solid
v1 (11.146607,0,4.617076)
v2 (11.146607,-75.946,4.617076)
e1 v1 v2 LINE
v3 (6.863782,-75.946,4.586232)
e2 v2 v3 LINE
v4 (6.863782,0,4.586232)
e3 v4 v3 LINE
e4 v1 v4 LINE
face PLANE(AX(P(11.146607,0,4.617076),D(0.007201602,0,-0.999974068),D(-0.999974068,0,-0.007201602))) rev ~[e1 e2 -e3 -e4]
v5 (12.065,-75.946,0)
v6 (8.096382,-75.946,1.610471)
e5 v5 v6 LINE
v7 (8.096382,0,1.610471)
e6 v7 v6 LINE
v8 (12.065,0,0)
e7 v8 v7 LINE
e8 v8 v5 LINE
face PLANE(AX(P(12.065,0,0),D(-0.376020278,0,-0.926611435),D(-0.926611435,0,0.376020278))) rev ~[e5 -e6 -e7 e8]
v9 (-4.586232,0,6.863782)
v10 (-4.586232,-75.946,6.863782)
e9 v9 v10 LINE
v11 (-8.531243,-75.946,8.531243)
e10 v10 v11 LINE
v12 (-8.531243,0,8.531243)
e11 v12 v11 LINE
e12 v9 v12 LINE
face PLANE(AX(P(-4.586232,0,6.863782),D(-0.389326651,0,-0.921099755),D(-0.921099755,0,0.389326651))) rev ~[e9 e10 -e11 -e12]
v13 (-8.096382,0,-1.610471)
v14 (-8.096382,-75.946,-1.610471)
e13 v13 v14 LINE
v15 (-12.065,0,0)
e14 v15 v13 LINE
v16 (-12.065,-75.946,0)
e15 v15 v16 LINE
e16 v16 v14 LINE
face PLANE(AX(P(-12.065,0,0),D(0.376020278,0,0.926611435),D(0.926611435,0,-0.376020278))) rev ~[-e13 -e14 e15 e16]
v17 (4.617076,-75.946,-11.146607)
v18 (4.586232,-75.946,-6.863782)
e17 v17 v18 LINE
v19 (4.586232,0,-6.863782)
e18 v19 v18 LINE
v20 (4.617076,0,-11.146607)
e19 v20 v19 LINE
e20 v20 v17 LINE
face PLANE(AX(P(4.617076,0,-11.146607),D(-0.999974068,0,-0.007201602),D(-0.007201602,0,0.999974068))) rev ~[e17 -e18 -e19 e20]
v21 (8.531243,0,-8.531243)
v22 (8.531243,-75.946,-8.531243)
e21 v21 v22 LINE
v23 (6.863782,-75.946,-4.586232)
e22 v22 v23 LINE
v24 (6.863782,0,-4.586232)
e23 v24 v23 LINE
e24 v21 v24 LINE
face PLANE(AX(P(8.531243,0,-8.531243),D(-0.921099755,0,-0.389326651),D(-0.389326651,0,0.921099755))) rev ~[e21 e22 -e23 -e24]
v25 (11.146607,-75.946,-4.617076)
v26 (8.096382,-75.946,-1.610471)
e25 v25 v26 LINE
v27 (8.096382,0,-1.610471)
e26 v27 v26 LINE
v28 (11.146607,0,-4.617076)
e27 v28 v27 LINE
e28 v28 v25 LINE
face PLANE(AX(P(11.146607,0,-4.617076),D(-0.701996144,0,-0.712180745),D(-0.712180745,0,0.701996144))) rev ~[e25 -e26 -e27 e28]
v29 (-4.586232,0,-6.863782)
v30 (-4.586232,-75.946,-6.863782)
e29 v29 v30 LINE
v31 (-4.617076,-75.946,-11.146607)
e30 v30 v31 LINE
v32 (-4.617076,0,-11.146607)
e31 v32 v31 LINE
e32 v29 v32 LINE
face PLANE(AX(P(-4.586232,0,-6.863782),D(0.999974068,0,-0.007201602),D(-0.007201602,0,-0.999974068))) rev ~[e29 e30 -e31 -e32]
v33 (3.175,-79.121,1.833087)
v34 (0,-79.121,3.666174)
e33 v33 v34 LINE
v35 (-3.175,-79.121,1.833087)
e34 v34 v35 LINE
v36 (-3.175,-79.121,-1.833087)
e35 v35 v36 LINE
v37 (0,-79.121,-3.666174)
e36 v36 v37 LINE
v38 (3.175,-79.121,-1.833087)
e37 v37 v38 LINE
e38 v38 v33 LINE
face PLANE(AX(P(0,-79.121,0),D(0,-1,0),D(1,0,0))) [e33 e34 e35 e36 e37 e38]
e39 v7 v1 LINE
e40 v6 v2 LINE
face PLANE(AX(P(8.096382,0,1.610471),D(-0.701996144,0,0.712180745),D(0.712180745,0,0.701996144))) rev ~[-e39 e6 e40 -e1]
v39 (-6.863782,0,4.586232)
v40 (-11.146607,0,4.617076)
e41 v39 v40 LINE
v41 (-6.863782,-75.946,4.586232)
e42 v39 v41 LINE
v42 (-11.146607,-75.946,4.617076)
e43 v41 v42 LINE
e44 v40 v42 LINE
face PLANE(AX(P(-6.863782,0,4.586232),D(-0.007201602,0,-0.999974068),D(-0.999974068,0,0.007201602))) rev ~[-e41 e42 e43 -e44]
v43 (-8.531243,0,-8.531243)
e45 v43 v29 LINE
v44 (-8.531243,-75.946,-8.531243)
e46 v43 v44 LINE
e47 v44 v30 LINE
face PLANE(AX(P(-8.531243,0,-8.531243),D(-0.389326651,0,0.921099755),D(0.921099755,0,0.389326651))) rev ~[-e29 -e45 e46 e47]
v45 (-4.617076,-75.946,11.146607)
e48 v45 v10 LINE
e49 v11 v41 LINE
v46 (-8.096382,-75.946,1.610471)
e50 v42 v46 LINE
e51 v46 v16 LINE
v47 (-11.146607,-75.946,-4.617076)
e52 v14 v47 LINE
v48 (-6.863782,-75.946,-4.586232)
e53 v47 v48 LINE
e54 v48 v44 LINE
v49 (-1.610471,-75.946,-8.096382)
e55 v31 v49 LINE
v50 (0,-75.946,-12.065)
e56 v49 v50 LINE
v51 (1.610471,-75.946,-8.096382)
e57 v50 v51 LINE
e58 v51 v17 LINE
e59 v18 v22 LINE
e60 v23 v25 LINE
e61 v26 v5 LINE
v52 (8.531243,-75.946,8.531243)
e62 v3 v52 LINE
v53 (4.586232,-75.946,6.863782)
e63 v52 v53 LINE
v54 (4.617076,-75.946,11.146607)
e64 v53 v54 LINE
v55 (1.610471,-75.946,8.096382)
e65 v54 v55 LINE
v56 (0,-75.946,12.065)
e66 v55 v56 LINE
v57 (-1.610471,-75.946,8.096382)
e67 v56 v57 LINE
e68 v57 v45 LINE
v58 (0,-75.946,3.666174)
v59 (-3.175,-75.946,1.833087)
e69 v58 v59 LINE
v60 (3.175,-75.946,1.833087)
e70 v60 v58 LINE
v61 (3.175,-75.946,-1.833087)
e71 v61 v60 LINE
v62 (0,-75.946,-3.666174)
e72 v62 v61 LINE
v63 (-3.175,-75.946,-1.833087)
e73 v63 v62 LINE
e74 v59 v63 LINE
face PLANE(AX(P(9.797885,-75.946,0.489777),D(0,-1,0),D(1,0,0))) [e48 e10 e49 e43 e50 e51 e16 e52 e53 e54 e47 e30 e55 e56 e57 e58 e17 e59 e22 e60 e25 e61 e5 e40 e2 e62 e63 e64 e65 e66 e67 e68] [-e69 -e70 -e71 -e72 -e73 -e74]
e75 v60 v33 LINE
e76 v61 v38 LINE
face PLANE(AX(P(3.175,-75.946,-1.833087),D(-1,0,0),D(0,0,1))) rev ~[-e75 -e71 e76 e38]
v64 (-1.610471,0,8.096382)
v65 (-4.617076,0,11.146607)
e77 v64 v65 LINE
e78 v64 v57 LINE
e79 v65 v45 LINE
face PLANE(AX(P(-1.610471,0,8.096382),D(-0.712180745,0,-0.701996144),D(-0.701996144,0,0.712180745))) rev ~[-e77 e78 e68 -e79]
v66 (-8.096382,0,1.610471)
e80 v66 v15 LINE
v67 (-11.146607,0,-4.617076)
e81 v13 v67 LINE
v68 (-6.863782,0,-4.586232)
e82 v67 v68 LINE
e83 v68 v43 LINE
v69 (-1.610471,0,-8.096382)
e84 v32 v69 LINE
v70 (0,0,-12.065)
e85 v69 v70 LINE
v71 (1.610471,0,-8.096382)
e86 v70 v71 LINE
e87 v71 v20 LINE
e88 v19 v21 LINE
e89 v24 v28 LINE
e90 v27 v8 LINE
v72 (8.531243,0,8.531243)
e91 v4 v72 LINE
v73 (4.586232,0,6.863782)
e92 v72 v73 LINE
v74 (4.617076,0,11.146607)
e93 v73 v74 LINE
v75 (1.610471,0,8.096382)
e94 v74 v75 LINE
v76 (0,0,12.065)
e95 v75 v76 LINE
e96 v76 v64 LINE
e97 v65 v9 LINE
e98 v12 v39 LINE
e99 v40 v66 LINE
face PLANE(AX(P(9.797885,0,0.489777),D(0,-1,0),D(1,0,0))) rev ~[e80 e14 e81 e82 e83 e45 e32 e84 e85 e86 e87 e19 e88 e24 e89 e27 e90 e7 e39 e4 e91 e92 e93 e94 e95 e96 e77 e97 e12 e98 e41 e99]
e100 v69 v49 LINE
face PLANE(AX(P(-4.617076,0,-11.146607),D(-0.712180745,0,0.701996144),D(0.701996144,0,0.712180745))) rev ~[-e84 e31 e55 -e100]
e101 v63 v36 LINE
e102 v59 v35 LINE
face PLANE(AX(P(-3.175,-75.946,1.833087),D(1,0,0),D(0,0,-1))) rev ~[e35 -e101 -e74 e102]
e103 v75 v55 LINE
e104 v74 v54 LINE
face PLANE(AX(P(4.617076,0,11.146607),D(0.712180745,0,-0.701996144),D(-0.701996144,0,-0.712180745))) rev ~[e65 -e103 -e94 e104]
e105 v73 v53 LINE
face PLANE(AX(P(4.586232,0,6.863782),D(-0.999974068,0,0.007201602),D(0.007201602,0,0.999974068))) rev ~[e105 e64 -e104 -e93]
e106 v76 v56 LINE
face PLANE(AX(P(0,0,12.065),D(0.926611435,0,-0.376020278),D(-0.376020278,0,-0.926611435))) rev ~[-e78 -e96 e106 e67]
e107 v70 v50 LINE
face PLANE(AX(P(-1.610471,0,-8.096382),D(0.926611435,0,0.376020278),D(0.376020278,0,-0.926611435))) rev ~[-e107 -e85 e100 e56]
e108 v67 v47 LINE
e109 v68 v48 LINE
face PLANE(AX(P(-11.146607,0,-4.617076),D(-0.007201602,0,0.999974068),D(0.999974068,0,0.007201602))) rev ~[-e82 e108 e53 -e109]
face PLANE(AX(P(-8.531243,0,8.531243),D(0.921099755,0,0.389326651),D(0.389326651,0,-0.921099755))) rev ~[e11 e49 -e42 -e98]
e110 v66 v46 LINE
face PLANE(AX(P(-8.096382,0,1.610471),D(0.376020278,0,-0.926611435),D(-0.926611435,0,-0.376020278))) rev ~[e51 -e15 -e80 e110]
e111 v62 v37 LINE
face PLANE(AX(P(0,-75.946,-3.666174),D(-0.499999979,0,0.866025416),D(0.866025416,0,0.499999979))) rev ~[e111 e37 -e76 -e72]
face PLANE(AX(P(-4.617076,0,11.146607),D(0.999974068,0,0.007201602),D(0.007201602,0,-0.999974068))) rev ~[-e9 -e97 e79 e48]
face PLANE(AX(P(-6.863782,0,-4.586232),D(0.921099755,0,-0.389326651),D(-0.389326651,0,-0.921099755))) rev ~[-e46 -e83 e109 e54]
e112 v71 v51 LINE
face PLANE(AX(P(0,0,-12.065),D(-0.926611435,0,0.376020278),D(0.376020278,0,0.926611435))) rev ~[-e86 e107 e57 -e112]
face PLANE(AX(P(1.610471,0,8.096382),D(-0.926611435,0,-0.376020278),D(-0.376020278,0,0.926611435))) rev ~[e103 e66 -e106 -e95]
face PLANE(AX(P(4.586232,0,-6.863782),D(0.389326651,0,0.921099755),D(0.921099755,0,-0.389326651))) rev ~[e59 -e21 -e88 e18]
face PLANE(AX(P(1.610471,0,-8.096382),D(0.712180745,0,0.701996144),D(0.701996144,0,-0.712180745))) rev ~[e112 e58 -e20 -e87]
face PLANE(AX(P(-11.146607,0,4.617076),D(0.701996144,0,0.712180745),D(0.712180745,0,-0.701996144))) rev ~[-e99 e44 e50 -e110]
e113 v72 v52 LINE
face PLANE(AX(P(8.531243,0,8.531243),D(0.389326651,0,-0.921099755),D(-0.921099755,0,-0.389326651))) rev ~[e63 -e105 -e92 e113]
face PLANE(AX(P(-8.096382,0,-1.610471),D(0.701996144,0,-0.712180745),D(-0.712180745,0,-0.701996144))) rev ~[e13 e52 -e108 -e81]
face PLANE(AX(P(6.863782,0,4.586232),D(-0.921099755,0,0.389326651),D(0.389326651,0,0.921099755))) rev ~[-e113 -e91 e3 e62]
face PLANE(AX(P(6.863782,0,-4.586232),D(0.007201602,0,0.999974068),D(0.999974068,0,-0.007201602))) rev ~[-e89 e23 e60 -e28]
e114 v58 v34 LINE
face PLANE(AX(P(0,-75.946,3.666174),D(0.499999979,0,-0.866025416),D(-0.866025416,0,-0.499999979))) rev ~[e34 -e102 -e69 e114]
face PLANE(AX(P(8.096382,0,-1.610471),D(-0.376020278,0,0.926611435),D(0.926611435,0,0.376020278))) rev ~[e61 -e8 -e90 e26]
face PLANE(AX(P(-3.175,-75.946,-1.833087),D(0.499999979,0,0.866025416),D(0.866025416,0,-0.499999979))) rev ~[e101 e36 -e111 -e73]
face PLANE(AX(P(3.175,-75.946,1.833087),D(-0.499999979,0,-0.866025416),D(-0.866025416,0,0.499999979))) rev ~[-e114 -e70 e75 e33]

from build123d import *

# Parameters (mm, degrees)
F1_DEPTH = 75.946
F3_DEPTH = 3.175


with BuildPart() as f1:
    # F0 (on Front) → F1 (new body)
    with BuildSketch(Plane.XZ):
        with BuildLine():
            Line((8.255, 0), (12.065, 0))
            Line((12.065, 0), (8.096382, 1.610471))
            ThreePointArc((8.096382, 1.610471), (8.21525, 0.809131), (8.255, 0))
        make_face()
        with BuildLine():
            ThreePointArc((7.626626, 3.159052), (7.899542, 2.3963), (8.096382, 1.610471))
            Line((8.096382, 1.610471), (11.146607, 4.617076))
            Line((11.146607, 4.617076), (7.626626, 3.159052))
        make_face()
        with BuildLine():
            Line((7.626626, 3.159052), (11.146607, 4.617076))
            Line((11.146607, 4.617076), (6.863782, 4.586232))
            ThreePointArc((6.863782, 4.586232), (7.28026, 3.89138), (7.626626, 3.159052))
        make_face()
        with BuildLine():
            ThreePointArc((5.837166, 5.837166), (6.381201, 5.236917), (6.863782, 4.586232))
            Line((6.863782, 4.586232), (8.531243, 8.531243))
            Line((8.531243, 8.531243), (5.837166, 5.837166))
        make_face()
        with BuildLine():
            ThreePointArc((4.586232, 6.863782), (5.236917, 6.381201), (5.837166, 5.837166))
            Line((5.837166, 5.837166), (8.531243, 8.531243))
            Line((8.531243, 8.531243), (4.586232, 6.863782))
        make_face()
        with BuildLine():
            Line((4.617076, 11.146607), (3.159052, 7.626626))
            ThreePointArc((3.159052, 7.626626), (3.89138, 7.28026), (4.586232, 6.863782))
            Line((4.586232, 6.863782), (4.617076, 11.146607))
        make_face()
        with BuildLine():
            ThreePointArc((1.610471, 8.096382), (2.3963, 7.899542), (3.159052, 7.626626))
            Line((3.159052, 7.626626), (4.617076, 11.146607))
            Line((4.617076, 11.146607), (1.610471, 8.096382))
        make_face()
        with BuildLine():
            Line((0, 12.065), (0, 8.255))
            ThreePointArc((0, 8.255), (0.809131, 8.21525), (1.610471, 8.096382))
            Line((1.610471, 8.096382), (0, 12.065))
        make_face()
        with BuildLine():
            ThreePointArc((-1.610471, 8.096382), (-0.809131, 8.21525), (0, 8.255))
            Line((0, 8.255), (0, 12.065))
            Line((0, 12.065), (-1.610471, 8.096382))
        make_face()
        with BuildLine():
            Line((-4.617076, 11.146607), (-3.159052, 7.626626))
            ThreePointArc((-3.159052, 7.626626), (-2.3963, 7.899542), (-1.610471, 8.096382))
            Line((-1.610471, 8.096382), (-4.617076, 11.146607))
        make_face()
        with BuildLine():
            ThreePointArc((-4.586232, 6.863782), (-3.89138, 7.28026), (-3.159052, 7.626626))
            Line((-3.159052, 7.626626), (-4.617076, 11.146607))
            Line((-4.617076, 11.146607), (-4.586232, 6.863782))
        make_face()
        with BuildLine():
            Line((-8.531243, 8.531243), (-5.837166, 5.837166))
            ThreePointArc((-5.837166, 5.837166), (-5.236917, 6.381201), (-4.586232, 6.863782))
            Line((-4.586232, 6.863782), (-8.531243, 8.531243))
        make_face()
        with BuildLine():
            ThreePointArc((-6.863782, 4.586232), (-6.381201, 5.236917), (-5.837166, 5.837166))
            Line((-5.837166, 5.837166), (-8.531243, 8.531243))
            Line((-8.531243, 8.531243), (-6.863782, 4.586232))
        make_face()
        with BuildLine():
            Line((-11.146607, 4.617076), (-7.626626, 3.159052))
            ThreePointArc((-7.626626, 3.159052), (-7.28026, 3.89138), (-6.863782, 4.586232))
            Line((-6.863782, 4.586232), (-11.146607, 4.617076))
        make_face()
        with BuildLine():
            ThreePointArc((-8.096382, 1.610471), (-7.899542, 2.3963), (-7.626626, 3.159052))
            Line((-7.626626, 3.159052), (-11.146607, 4.617076))
            Line((-11.146607, 4.617076), (-8.096382, 1.610471))
        make_face()
        with BuildLine():
            Line((-12.065, 0), (-8.255, 0))
            ThreePointArc((-8.255, 0), (-8.21525, 0.809131), (-8.096382, 1.610471))
            Line((-8.096382, 1.610471), (-12.065, 0))
        make_face()
        with BuildLine():
            ThreePointArc((-8.096382, -1.610471), (-8.21525, -0.809131), (-8.255, 0))
            Line((-8.255, 0), (-12.065, 0))
            Line((-12.065, 0), (-8.096382, -1.610471))
        make_face()
        with BuildLine():
            Line((-11.146607, -4.617076), (-7.626626, -3.159052))
            ThreePointArc((-7.626626, -3.159052), (-7.899542, -2.3963), (-8.096382, -1.610471))
            Line((-8.096382, -1.610471), (-11.146607, -4.617076))
        make_face()
        with BuildLine():
            ThreePointArc((-6.863782, -4.586232), (-7.28026, -3.89138), (-7.626626, -3.159052))
            Line((-7.626626, -3.159052), (-11.146607, -4.617076))
            Line((-11.146607, -4.617076), (-6.863782, -4.586232))
        make_face()
        with BuildLine():
            Line((-8.531243, -8.531243), (-5.837166, -5.837166))
            ThreePointArc((-5.837166, -5.837166), (-6.381201, -5.236917), (-6.863782, -4.586232))
            Line((-6.863782, -4.586232), (-8.531243, -8.531243))
        make_face()
        with BuildLine():
            ThreePointArc((-4.586232, -6.863782), (-5.236917, -6.381201), (-5.837166, -5.837166))
            Line((-5.837166, -5.837166), (-8.531243, -8.531243))
            Line((-8.531243, -8.531243), (-4.586232, -6.863782))
        make_face()
        with BuildLine():
            Line((-4.617076, -11.146607), (-3.159052, -7.626626))
            ThreePointArc((-3.159052, -7.626626), (-3.89138, -7.28026), (-4.586232, -6.863782))
            Line((-4.586232, -6.863782), (-4.617076, -11.146607))
        make_face()
        with BuildLine():
            ThreePointArc((-1.610471, -8.096382), (-2.3963, -7.899542), (-3.159052, -7.626626))
            Line((-3.159052, -7.626626), (-4.617076, -11.146607))
            Line((-4.617076, -11.146607), (-1.610471, -8.096382))
        make_face()
        with BuildLine():
            Line((0, -12.065), (0, -8.255))
            ThreePointArc((0, -8.255), (-0.809131, -8.21525), (-1.610471, -8.096382))
            Line((-1.610471, -8.096382), (0, -12.065))
        make_face()
        with BuildLine():
            ThreePointArc((1.610471, -8.096382), (0.809131, -8.21525), (0, -8.255))
            Line((0, -8.255), (0, -12.065))
            Line((0, -12.065), (1.610471, -8.096382))
        make_face()
        with BuildLine():
            Line((4.617076, -11.146607), (3.159052, -7.626626))
            ThreePointArc((3.159052, -7.626626), (2.3963, -7.899542), (1.610471, -8.096382))
            Line((1.610471, -8.096382), (4.617076, -11.146607))
        make_face()
        with BuildLine():
            ThreePointArc((4.586232, -6.863782), (3.89138, -7.28026), (3.159052, -7.626626))
            Line((3.159052, -7.626626), (4.617076, -11.146607))
            Line((4.617076, -11.146607), (4.586232, -6.863782))
        make_face()
        with BuildLine():
            Line((8.531243, -8.531243), (5.837166, -5.837166))
            ThreePointArc((5.837166, -5.837166), (5.236917, -6.381201), (4.586232, -6.863782))
            Line((4.586232, -6.863782), (8.531243, -8.531243))
        make_face()
        with BuildLine():
            Line((8.531243, -8.531243), (6.863782, -4.586232))
            ThreePointArc((6.863782, -4.586232), (6.381201, -5.236917), (5.837166, -5.837166))
            Line((5.837166, -5.837166), (8.531243, -8.531243))
        make_face()
        with BuildLine():
            Line((6.863782, -4.586232), (11.146607, -4.617076))
            Line((11.146607, -4.617076), (7.626626, -3.159052))
            ThreePointArc((7.626626, -3.159052), (7.28026, -3.89138), (6.863782, -4.586232))
        make_face()
        with BuildLine():
            Line((11.146607, -4.617076), (8.096382, -1.610471))
            ThreePointArc((8.096382, -1.610471), (7.899542, -2.3963), (7.626626, -3.159052))
            Line((7.626626, -3.159052), (11.146607, -4.617076))
        make_face()
        with BuildLine():
            Line((8.096382, -1.610471), (12.065, 0))
            Line((12.065, 0), (8.255, 0))
            ThreePointArc((8.255, 0), (8.21525, -0.809131), (8.096382, -1.610471))
        make_face()
        with BuildLine():
            Line((-4.586232, 6.863782), (0, 0))
            Line((0, 0), (-3.159052, 7.626626))
            ThreePointArc((-3.159052, 7.626626), (-3.89138, 7.28026), (-4.586232, 6.863782))
        make_face()
        with BuildLine():
            Line((-3.159052, 7.626626), (0, 0))
            Line((0, 0), (-1.610471, 8.096382))
            ThreePointArc((-1.610471, 8.096382), (-2.3963, 7.899542), (-3.159052, 7.626626))
        make_face()
        with BuildLine():
            Line((0, 8.255), (0, 0))
            Line((0, 0), (1.610471, 8.096382))
            ThreePointArc((1.610471, 8.096382), (0.809131, 8.21525), (0, 8.255))
        make_face()
        with BuildLine():
            Line((-1.610471, 8.096382), (0, 0))
            Line((0, 0), (0, 8.255))
            ThreePointArc((0, 8.255), (-0.809131, 8.21525), (-1.610471, 8.096382))
        make_face()
        with BuildLine():
            Line((3.159052, 7.626626), (0, 0))
            Line((0, 0), (4.586232, 6.863782))
            ThreePointArc((4.586232, 6.863782), (3.89138, 7.28026), (3.159052, 7.626626))
        make_face()
        with BuildLine():
            Line((1.610471, 8.096382), (0, 0))
            Line((0, 0), (3.159052, 7.626626))
            ThreePointArc((3.159052, 7.626626), (2.3963, 7.899542), (1.610471, 8.096382))
        make_face()
        with BuildLine():
            Line((5.837166, 5.837166), (0, 0))
            Line((0, 0), (6.863782, 4.586232))
            ThreePointArc((6.863782, 4.586232), (6.381201, 5.236917), (5.837166, 5.837166))
        make_face()
        with BuildLine():
            Line((4.586232, 6.863782), (0, 0))
            Line((0, 0), (5.837166, 5.837166))
            ThreePointArc((5.837166, 5.837166), (5.236917, 6.381201), (4.586232, 6.863782))
        make_face()
        with BuildLine():
            Line((0, 0), (8.096382, 1.610471))
            ThreePointArc((8.096382, 1.610471), (7.899542, 2.3963), (7.626626, 3.159052))
            Line((7.626626, 3.159052), (0, 0))
        make_face()
        with BuildLine():
            Line((6.863782, 4.586232), (0, 0))
            Line((0, 0), (7.626626, 3.159052))
            ThreePointArc((7.626626, 3.159052), (7.28026, 3.89138), (6.863782, 4.586232))
        make_face()
        with BuildLine():
            Line((-8.255, 0), (0, 0))
            Line((0, 0), (-8.096382, 1.610471))
            ThreePointArc((-8.096382, 1.610471), (-8.21525, 0.809131), (-8.255, 0))
        make_face()
        with BuildLine():
            Line((-8.096382, -1.610471), (0, 0))
            Line((0, 0), (-8.255, 0))
            ThreePointArc((-8.255, 0), (-8.21525, -0.809131), (-8.096382, -1.610471))
        make_face()
        with BuildLine():
            Line((7.626626, -3.159052), (0, 0))
            Line((0, 0), (6.863782, -4.586232))
            ThreePointArc((6.863782, -4.586232), (7.28026, -3.89138), (7.626626, -3.159052))
        make_face()
        with BuildLine():
            ThreePointArc((7.626626, -3.159052), (7.899542, -2.3963), (8.096382, -1.610471))
            Line((8.096382, -1.610471), (0, 0))
            Line((0, 0), (7.626626, -3.159052))
        make_face()
        with BuildLine():
            Line((5.837166, -5.837166), (0, 0))
            Line((0, 0), (4.586232, -6.863782))
            ThreePointArc((4.586232, -6.863782), (5.236917, -6.381201), (5.837166, -5.837166))
        make_face()
        with BuildLine():
            Line((6.863782, -4.586232), (0, 0))
            Line((0, 0), (5.837166, -5.837166))
            ThreePointArc((5.837166, -5.837166), (6.381201, -5.236917), (6.863782, -4.586232))
        make_face()
        with BuildLine():
            Line((3.159052, -7.626626), (0, 0))
            Line((0, 0), (1.610471, -8.096382))
            ThreePointArc((1.610471, -8.096382), (2.3963, -7.899542), (3.159052, -7.626626))
        make_face()
        with BuildLine():
            Line((-3.159052, -7.626626), (0, 0))
            Line((0, 0), (-4.586232, -6.863782))
            ThreePointArc((-4.586232, -6.863782), (-3.89138, -7.28026), (-3.159052, -7.626626))
        make_face()
        with BuildLine():
            Line((-1.610471, -8.096382), (0, 0))
            Line((0, 0), (-3.159052, -7.626626))
            ThreePointArc((-3.159052, -7.626626), (-2.3963, -7.899542), (-1.610471, -8.096382))
        make_face()
        with BuildLine():
            Line((-5.837166, -5.837166), (0, 0))
            Line((0, 0), (-6.863782, -4.586232))
            ThreePointArc((-6.863782, -4.586232), (-6.381201, -5.236917), (-5.837166, -5.837166))
        make_face()
        with BuildLine():
            Line((-4.586232, -6.863782), (0, 0))
            Line((0, 0), (-5.837166, -5.837166))
            ThreePointArc((-5.837166, -5.837166), (-5.236917, -6.381201), (-4.586232, -6.863782))
        make_face()
        with BuildLine():
            Line((-7.626626, -3.159052), (0, 0))
            Line((0, 0), (-8.096382, -1.610471))
            ThreePointArc((-8.096382, -1.610471), (-7.899542, -2.3963), (-7.626626, -3.159052))
        make_face()
        with BuildLine():
            Line((-6.863782, -4.586232), (0, 0))
            Line((0, 0), (-7.626626, -3.159052))
            ThreePointArc((-7.626626, -3.159052), (-7.28026, -3.89138), (-6.863782, -4.586232))
        make_face()
        with BuildLine():
            ThreePointArc((8.096382, -1.610471), (8.21525, -0.809131), (8.255, 0))
            Line((8.255, 0), (0, 0))
            Line((0, 0), (8.096382, -1.610471))
        make_face()
        with BuildLine():
            Line((0, 0), (8.255, 0))
            ThreePointArc((8.255, 0), (8.21525, 0.809131), (8.096382, 1.610471))
            Line((8.096382, 1.610471), (0, 0))
        make_face()
        with BuildLine():
            Line((-7.626626, 3.159052), (0, 0))
            Line((0, 0), (-6.863782, 4.586232))
            ThreePointArc((-6.863782, 4.586232), (-7.28026, 3.89138), (-7.626626, 3.159052))
        make_face()
        with BuildLine():
            Line((-8.096382, 1.610471), (0, 0))
            Line((0, 0), (-7.626626, 3.159052))
            ThreePointArc((-7.626626, 3.159052), (-7.899542, 2.3963), (-8.096382, 1.610471))
        make_face()
        with BuildLine():
            Line((-5.837166, 5.837166), (0, 0))
            Line((0, 0), (-4.586232, 6.863782))
            ThreePointArc((-4.586232, 6.863782), (-5.236917, 6.381201), (-5.837166, 5.837166))
        make_face()
        with BuildLine():
            Line((-6.863782, 4.586232), (0, 0))
            Line((0, 0), (-5.837166, 5.837166))
            ThreePointArc((-5.837166, 5.837166), (-6.381201, 5.236917), (-6.863782, 4.586232))
        make_face()
        with BuildLine():
            Line((4.586232, -6.863782), (0, 0))
            Line((0, 0), (3.159052, -7.626626))
            ThreePointArc((3.159052, -7.626626), (3.89138, -7.28026), (4.586232, -6.863782))
        make_face()
        with BuildLine():
            Line((0, -8.255), (0, 0))
            Line((0, 0), (-1.610471, -8.096382))
            ThreePointArc((-1.610471, -8.096382), (-0.809131, -8.21525), (0, -8.255))
        make_face()
        with BuildLine():
            Line((1.610471, -8.096382), (0, 0))
            Line((0, 0), (0, -8.255))
            ThreePointArc((0, -8.255), (0.809131, -8.21525), (1.610471, -8.096382))
        make_face()
    extrude(amount=F1_DEPTH)

    # F2 (on face) → F3 (join)
    with BuildSketch(Plane.XZ.offset(75.946)):
        Polygon((-3.175, 1.833087), (-3.175, -1.833087), (0, -3.666174), (3.175, -1.833087), (3.175, 1.833087), (0, 3.666174), align=None)
    extrude(amount=F3_DEPTH)


solid = f1.part
